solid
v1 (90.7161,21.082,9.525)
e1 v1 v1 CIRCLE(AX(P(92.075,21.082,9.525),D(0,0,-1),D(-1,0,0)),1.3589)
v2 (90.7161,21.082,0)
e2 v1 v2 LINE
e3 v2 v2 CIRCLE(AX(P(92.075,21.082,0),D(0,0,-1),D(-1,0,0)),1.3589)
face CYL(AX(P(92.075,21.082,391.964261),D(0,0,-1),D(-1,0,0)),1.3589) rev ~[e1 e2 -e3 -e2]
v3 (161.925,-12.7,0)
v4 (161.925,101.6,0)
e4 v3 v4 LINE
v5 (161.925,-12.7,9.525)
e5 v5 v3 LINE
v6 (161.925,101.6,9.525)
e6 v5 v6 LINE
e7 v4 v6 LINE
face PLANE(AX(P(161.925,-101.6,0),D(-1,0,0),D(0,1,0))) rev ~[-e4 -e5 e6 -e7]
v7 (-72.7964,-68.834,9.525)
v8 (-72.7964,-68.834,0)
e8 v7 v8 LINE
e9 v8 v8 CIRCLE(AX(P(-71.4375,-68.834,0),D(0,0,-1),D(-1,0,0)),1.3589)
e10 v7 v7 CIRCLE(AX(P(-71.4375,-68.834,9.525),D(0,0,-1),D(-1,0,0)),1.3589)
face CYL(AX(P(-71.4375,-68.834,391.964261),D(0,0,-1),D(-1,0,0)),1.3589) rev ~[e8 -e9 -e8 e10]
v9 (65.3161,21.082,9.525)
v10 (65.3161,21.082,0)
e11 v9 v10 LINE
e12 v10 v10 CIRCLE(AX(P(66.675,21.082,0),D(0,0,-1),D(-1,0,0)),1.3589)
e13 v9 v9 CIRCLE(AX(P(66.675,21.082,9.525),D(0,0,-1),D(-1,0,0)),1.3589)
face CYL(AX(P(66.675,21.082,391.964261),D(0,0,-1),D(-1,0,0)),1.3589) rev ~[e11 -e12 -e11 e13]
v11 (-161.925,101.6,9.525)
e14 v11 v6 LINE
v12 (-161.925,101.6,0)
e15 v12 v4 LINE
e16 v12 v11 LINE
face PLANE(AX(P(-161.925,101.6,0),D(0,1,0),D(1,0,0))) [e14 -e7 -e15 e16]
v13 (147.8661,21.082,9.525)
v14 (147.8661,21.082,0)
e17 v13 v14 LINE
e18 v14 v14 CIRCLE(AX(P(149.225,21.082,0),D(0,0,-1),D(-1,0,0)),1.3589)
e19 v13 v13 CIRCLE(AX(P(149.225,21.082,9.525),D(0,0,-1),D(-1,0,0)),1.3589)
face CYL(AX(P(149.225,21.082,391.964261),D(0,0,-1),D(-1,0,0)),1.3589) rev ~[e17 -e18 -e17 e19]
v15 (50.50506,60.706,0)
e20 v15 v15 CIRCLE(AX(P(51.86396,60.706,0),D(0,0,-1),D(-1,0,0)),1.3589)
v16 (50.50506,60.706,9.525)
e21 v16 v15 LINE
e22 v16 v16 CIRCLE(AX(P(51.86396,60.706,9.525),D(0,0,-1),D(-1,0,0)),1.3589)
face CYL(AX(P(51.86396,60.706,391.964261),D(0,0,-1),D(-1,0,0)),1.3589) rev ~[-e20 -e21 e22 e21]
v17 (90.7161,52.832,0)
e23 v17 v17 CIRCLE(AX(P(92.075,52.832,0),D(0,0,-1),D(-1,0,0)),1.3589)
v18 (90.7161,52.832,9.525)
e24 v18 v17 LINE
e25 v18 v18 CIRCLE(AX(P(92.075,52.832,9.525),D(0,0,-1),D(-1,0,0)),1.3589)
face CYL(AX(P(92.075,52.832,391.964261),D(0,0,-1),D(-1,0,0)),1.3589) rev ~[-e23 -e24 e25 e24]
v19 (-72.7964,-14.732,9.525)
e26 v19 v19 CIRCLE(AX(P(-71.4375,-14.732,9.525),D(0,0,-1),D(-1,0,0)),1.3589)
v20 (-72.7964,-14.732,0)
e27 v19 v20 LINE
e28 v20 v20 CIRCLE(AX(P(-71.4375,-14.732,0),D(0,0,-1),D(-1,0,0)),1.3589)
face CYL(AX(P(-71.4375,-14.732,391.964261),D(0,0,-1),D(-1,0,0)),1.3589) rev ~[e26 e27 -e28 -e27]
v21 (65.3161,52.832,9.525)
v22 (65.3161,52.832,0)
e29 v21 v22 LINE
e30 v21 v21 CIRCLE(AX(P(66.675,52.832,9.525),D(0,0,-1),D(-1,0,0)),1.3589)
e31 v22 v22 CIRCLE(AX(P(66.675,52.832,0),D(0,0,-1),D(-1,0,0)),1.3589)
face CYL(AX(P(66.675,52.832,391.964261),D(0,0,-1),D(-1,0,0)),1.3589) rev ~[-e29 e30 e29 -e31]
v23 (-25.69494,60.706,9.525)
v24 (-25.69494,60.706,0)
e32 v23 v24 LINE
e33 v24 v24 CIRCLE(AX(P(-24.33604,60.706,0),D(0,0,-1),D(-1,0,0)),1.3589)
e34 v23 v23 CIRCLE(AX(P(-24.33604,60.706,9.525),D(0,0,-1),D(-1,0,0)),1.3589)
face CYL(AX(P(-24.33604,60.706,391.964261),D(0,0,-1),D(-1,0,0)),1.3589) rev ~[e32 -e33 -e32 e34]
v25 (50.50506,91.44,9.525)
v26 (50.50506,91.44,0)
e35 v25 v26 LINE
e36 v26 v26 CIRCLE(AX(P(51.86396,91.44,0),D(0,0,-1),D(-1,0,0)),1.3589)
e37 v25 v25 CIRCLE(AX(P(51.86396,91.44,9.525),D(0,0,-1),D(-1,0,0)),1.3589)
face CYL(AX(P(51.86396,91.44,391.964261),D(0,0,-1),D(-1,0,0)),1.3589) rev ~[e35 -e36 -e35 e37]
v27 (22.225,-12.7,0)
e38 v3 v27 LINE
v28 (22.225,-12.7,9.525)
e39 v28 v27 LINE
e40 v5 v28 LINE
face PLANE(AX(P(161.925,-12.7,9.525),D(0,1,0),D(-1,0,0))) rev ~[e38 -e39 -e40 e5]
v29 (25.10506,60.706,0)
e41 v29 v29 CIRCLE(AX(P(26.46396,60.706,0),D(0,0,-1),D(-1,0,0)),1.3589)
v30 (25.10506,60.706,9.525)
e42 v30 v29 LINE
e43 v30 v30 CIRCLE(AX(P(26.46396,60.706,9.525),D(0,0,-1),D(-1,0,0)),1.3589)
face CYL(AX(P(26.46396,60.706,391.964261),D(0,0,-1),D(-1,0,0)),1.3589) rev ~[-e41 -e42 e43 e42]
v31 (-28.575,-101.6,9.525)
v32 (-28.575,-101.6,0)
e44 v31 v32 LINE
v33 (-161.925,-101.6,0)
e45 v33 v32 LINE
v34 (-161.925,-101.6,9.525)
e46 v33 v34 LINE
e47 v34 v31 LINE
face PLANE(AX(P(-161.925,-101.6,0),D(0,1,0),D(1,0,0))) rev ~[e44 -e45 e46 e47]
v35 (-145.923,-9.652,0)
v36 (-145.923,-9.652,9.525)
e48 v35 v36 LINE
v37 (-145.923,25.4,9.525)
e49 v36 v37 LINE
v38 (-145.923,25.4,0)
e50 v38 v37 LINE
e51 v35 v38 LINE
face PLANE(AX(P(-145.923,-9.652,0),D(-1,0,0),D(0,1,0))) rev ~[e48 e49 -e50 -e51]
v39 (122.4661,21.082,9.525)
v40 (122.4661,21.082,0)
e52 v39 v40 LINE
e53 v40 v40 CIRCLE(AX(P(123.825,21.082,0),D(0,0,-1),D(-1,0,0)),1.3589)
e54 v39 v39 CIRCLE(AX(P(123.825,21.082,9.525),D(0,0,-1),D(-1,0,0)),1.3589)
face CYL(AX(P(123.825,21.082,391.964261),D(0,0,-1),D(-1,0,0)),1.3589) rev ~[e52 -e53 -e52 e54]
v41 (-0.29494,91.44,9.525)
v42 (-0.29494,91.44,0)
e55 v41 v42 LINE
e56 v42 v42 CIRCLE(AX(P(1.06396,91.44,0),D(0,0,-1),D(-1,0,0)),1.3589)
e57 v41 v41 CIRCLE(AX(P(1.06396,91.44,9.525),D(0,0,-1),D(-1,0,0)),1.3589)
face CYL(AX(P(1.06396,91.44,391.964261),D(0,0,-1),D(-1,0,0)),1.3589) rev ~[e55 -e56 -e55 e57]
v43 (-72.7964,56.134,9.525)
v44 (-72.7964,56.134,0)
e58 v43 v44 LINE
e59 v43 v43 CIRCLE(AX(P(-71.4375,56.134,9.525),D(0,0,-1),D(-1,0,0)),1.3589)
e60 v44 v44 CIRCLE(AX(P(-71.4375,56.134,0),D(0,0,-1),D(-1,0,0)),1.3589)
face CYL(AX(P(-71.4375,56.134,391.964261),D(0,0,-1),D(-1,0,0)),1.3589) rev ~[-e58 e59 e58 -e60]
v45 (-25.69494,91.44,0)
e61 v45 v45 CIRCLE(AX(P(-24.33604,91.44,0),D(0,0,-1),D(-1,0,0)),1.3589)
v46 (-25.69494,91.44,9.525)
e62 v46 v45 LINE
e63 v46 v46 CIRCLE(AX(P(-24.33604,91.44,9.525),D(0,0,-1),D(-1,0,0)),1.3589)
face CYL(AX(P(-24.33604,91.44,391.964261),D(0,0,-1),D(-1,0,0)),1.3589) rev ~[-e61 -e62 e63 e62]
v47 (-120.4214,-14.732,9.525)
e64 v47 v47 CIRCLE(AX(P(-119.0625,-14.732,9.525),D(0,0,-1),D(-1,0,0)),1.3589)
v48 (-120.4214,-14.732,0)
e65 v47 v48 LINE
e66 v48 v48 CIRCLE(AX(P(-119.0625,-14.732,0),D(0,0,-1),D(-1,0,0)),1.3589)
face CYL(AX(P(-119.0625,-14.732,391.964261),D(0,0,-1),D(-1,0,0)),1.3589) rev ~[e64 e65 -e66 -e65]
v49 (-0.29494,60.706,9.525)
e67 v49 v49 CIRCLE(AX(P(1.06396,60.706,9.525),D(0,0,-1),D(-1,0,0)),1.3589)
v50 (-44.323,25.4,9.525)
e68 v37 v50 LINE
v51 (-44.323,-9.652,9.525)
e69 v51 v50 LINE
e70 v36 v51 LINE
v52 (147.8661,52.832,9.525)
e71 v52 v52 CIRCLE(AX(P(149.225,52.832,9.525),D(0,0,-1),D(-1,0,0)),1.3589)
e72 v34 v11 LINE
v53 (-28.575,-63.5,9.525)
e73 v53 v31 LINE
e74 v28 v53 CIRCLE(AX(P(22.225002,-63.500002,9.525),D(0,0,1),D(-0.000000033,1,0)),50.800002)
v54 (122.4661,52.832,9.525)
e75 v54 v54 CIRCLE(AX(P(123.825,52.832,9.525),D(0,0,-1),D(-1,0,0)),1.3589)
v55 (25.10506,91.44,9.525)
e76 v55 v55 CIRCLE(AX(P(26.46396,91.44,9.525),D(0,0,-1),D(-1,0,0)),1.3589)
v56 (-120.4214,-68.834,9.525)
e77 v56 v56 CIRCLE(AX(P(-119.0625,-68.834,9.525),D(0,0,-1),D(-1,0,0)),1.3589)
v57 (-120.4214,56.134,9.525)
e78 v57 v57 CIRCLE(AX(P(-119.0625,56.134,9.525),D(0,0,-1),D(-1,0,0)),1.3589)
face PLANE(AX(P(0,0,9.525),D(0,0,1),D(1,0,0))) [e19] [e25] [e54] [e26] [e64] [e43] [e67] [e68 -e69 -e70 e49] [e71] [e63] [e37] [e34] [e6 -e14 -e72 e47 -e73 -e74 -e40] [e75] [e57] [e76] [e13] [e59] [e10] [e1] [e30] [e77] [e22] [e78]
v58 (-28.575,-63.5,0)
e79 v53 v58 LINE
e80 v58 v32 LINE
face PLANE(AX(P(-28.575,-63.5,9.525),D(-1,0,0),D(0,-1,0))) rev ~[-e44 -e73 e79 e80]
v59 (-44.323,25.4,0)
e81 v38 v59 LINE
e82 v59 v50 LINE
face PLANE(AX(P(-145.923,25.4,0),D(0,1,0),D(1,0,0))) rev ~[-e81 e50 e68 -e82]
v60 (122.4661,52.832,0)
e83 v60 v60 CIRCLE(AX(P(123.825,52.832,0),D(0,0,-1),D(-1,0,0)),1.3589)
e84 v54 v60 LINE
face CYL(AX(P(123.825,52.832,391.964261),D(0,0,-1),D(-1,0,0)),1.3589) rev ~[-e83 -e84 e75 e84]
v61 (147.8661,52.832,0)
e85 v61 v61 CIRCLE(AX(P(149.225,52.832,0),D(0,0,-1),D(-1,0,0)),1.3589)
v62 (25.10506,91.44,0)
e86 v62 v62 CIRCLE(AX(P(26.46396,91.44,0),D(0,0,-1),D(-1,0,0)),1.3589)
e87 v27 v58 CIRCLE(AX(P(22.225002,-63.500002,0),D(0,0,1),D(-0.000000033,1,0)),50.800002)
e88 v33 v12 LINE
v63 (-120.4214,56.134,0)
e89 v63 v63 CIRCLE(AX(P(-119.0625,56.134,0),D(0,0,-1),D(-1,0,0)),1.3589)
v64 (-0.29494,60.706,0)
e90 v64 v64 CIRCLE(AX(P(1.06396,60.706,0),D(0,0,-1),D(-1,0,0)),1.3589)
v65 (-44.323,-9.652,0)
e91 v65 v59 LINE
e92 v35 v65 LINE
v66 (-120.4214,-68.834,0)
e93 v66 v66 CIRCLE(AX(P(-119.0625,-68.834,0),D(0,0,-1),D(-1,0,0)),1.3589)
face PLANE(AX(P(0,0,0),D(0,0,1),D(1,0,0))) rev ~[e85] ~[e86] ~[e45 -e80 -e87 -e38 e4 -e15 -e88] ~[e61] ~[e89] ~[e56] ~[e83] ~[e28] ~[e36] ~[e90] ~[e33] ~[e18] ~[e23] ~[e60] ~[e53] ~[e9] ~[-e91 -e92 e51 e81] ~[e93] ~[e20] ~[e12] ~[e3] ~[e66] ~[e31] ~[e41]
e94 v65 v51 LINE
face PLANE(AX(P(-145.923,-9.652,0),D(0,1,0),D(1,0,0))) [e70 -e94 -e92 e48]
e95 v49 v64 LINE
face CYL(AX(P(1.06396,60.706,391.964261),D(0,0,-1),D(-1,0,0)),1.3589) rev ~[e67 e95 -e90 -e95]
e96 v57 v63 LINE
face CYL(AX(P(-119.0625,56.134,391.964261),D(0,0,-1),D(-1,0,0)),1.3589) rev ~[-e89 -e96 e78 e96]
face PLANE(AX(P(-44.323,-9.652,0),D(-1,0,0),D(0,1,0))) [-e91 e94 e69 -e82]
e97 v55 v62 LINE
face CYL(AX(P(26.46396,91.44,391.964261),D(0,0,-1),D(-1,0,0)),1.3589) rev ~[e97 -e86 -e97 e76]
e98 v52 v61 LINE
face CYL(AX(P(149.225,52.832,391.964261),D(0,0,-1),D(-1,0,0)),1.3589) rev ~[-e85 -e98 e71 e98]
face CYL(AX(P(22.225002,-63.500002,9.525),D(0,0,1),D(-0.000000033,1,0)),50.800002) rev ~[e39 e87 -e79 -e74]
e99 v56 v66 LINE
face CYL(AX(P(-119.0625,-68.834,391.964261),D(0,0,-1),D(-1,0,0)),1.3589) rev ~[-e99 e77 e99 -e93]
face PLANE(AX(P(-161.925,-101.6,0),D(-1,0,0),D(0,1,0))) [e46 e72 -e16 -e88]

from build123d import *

# Parameters (mm, degrees)
F0_W     = 323.85
F0_H     = 203.2
F0_W_2   = 101.6
F0_H_2   = 35.052
F1_DEPTH = 9.525
F3_D     = 2.7178
F5_DEPTH = 9.526


with BuildPart() as f1:
    # F0 (on Top) → F1 (new body)
    with BuildSketch(Plane.XY):
        Rectangle(F0_W, F0_H)
        with Locations((-95.123, 7.874)):
            Rectangle(F0_W_2, F0_H_2, mode=Mode.SUBTRACT)
    extrude(amount=F1_DEPTH)

    # F3 (through all)
    with Locations(Plane.XY.offset(9.525)):
        with Locations((-119.0625, 56.134), (-71.4375, 56.134), (-119.0625, -14.732), (-71.4375, -14.732), (-119.0625, -68.834), (-71.4375, -68.834), (-24.33604, 60.706), (-24.33604, 91.44), (1.06396, 91.44), (1.06396, 60.706), (26.46396, 60.706), (26.46396, 91.44), (51.86396, 91.44), (51.86396, 60.706), (66.675, 52.832), (66.675, 21.082), (92.075, 21.082), (92.075, 52.832), (123.825, 52.832), (123.825, 21.082), (92.075, 52.832), (149.225, 52.832), (149.225, 21.082)):
            Hole(F3_D / 2)

    # F4 (on face) → F5 (cut, through all)
    with BuildSketch(Plane.XY.offset(9.525)):
        with BuildLine():
            Line((161.925, -101.6), (161.925, -12.7))
            Line((161.925, -12.7), (22.225, -12.7))
            ThreePointArc((22.225, -12.7), (-13.696024, -27.578976), (-28.575, -63.5))
            Line((-28.575, -63.5), (-28.575, -101.6))
            Line((-28.575, -101.6), (161.925, -101.6))
        make_face()
    extrude(amount=-F5_DEPTH, mode=Mode.SUBTRACT)


solid = f1.part
